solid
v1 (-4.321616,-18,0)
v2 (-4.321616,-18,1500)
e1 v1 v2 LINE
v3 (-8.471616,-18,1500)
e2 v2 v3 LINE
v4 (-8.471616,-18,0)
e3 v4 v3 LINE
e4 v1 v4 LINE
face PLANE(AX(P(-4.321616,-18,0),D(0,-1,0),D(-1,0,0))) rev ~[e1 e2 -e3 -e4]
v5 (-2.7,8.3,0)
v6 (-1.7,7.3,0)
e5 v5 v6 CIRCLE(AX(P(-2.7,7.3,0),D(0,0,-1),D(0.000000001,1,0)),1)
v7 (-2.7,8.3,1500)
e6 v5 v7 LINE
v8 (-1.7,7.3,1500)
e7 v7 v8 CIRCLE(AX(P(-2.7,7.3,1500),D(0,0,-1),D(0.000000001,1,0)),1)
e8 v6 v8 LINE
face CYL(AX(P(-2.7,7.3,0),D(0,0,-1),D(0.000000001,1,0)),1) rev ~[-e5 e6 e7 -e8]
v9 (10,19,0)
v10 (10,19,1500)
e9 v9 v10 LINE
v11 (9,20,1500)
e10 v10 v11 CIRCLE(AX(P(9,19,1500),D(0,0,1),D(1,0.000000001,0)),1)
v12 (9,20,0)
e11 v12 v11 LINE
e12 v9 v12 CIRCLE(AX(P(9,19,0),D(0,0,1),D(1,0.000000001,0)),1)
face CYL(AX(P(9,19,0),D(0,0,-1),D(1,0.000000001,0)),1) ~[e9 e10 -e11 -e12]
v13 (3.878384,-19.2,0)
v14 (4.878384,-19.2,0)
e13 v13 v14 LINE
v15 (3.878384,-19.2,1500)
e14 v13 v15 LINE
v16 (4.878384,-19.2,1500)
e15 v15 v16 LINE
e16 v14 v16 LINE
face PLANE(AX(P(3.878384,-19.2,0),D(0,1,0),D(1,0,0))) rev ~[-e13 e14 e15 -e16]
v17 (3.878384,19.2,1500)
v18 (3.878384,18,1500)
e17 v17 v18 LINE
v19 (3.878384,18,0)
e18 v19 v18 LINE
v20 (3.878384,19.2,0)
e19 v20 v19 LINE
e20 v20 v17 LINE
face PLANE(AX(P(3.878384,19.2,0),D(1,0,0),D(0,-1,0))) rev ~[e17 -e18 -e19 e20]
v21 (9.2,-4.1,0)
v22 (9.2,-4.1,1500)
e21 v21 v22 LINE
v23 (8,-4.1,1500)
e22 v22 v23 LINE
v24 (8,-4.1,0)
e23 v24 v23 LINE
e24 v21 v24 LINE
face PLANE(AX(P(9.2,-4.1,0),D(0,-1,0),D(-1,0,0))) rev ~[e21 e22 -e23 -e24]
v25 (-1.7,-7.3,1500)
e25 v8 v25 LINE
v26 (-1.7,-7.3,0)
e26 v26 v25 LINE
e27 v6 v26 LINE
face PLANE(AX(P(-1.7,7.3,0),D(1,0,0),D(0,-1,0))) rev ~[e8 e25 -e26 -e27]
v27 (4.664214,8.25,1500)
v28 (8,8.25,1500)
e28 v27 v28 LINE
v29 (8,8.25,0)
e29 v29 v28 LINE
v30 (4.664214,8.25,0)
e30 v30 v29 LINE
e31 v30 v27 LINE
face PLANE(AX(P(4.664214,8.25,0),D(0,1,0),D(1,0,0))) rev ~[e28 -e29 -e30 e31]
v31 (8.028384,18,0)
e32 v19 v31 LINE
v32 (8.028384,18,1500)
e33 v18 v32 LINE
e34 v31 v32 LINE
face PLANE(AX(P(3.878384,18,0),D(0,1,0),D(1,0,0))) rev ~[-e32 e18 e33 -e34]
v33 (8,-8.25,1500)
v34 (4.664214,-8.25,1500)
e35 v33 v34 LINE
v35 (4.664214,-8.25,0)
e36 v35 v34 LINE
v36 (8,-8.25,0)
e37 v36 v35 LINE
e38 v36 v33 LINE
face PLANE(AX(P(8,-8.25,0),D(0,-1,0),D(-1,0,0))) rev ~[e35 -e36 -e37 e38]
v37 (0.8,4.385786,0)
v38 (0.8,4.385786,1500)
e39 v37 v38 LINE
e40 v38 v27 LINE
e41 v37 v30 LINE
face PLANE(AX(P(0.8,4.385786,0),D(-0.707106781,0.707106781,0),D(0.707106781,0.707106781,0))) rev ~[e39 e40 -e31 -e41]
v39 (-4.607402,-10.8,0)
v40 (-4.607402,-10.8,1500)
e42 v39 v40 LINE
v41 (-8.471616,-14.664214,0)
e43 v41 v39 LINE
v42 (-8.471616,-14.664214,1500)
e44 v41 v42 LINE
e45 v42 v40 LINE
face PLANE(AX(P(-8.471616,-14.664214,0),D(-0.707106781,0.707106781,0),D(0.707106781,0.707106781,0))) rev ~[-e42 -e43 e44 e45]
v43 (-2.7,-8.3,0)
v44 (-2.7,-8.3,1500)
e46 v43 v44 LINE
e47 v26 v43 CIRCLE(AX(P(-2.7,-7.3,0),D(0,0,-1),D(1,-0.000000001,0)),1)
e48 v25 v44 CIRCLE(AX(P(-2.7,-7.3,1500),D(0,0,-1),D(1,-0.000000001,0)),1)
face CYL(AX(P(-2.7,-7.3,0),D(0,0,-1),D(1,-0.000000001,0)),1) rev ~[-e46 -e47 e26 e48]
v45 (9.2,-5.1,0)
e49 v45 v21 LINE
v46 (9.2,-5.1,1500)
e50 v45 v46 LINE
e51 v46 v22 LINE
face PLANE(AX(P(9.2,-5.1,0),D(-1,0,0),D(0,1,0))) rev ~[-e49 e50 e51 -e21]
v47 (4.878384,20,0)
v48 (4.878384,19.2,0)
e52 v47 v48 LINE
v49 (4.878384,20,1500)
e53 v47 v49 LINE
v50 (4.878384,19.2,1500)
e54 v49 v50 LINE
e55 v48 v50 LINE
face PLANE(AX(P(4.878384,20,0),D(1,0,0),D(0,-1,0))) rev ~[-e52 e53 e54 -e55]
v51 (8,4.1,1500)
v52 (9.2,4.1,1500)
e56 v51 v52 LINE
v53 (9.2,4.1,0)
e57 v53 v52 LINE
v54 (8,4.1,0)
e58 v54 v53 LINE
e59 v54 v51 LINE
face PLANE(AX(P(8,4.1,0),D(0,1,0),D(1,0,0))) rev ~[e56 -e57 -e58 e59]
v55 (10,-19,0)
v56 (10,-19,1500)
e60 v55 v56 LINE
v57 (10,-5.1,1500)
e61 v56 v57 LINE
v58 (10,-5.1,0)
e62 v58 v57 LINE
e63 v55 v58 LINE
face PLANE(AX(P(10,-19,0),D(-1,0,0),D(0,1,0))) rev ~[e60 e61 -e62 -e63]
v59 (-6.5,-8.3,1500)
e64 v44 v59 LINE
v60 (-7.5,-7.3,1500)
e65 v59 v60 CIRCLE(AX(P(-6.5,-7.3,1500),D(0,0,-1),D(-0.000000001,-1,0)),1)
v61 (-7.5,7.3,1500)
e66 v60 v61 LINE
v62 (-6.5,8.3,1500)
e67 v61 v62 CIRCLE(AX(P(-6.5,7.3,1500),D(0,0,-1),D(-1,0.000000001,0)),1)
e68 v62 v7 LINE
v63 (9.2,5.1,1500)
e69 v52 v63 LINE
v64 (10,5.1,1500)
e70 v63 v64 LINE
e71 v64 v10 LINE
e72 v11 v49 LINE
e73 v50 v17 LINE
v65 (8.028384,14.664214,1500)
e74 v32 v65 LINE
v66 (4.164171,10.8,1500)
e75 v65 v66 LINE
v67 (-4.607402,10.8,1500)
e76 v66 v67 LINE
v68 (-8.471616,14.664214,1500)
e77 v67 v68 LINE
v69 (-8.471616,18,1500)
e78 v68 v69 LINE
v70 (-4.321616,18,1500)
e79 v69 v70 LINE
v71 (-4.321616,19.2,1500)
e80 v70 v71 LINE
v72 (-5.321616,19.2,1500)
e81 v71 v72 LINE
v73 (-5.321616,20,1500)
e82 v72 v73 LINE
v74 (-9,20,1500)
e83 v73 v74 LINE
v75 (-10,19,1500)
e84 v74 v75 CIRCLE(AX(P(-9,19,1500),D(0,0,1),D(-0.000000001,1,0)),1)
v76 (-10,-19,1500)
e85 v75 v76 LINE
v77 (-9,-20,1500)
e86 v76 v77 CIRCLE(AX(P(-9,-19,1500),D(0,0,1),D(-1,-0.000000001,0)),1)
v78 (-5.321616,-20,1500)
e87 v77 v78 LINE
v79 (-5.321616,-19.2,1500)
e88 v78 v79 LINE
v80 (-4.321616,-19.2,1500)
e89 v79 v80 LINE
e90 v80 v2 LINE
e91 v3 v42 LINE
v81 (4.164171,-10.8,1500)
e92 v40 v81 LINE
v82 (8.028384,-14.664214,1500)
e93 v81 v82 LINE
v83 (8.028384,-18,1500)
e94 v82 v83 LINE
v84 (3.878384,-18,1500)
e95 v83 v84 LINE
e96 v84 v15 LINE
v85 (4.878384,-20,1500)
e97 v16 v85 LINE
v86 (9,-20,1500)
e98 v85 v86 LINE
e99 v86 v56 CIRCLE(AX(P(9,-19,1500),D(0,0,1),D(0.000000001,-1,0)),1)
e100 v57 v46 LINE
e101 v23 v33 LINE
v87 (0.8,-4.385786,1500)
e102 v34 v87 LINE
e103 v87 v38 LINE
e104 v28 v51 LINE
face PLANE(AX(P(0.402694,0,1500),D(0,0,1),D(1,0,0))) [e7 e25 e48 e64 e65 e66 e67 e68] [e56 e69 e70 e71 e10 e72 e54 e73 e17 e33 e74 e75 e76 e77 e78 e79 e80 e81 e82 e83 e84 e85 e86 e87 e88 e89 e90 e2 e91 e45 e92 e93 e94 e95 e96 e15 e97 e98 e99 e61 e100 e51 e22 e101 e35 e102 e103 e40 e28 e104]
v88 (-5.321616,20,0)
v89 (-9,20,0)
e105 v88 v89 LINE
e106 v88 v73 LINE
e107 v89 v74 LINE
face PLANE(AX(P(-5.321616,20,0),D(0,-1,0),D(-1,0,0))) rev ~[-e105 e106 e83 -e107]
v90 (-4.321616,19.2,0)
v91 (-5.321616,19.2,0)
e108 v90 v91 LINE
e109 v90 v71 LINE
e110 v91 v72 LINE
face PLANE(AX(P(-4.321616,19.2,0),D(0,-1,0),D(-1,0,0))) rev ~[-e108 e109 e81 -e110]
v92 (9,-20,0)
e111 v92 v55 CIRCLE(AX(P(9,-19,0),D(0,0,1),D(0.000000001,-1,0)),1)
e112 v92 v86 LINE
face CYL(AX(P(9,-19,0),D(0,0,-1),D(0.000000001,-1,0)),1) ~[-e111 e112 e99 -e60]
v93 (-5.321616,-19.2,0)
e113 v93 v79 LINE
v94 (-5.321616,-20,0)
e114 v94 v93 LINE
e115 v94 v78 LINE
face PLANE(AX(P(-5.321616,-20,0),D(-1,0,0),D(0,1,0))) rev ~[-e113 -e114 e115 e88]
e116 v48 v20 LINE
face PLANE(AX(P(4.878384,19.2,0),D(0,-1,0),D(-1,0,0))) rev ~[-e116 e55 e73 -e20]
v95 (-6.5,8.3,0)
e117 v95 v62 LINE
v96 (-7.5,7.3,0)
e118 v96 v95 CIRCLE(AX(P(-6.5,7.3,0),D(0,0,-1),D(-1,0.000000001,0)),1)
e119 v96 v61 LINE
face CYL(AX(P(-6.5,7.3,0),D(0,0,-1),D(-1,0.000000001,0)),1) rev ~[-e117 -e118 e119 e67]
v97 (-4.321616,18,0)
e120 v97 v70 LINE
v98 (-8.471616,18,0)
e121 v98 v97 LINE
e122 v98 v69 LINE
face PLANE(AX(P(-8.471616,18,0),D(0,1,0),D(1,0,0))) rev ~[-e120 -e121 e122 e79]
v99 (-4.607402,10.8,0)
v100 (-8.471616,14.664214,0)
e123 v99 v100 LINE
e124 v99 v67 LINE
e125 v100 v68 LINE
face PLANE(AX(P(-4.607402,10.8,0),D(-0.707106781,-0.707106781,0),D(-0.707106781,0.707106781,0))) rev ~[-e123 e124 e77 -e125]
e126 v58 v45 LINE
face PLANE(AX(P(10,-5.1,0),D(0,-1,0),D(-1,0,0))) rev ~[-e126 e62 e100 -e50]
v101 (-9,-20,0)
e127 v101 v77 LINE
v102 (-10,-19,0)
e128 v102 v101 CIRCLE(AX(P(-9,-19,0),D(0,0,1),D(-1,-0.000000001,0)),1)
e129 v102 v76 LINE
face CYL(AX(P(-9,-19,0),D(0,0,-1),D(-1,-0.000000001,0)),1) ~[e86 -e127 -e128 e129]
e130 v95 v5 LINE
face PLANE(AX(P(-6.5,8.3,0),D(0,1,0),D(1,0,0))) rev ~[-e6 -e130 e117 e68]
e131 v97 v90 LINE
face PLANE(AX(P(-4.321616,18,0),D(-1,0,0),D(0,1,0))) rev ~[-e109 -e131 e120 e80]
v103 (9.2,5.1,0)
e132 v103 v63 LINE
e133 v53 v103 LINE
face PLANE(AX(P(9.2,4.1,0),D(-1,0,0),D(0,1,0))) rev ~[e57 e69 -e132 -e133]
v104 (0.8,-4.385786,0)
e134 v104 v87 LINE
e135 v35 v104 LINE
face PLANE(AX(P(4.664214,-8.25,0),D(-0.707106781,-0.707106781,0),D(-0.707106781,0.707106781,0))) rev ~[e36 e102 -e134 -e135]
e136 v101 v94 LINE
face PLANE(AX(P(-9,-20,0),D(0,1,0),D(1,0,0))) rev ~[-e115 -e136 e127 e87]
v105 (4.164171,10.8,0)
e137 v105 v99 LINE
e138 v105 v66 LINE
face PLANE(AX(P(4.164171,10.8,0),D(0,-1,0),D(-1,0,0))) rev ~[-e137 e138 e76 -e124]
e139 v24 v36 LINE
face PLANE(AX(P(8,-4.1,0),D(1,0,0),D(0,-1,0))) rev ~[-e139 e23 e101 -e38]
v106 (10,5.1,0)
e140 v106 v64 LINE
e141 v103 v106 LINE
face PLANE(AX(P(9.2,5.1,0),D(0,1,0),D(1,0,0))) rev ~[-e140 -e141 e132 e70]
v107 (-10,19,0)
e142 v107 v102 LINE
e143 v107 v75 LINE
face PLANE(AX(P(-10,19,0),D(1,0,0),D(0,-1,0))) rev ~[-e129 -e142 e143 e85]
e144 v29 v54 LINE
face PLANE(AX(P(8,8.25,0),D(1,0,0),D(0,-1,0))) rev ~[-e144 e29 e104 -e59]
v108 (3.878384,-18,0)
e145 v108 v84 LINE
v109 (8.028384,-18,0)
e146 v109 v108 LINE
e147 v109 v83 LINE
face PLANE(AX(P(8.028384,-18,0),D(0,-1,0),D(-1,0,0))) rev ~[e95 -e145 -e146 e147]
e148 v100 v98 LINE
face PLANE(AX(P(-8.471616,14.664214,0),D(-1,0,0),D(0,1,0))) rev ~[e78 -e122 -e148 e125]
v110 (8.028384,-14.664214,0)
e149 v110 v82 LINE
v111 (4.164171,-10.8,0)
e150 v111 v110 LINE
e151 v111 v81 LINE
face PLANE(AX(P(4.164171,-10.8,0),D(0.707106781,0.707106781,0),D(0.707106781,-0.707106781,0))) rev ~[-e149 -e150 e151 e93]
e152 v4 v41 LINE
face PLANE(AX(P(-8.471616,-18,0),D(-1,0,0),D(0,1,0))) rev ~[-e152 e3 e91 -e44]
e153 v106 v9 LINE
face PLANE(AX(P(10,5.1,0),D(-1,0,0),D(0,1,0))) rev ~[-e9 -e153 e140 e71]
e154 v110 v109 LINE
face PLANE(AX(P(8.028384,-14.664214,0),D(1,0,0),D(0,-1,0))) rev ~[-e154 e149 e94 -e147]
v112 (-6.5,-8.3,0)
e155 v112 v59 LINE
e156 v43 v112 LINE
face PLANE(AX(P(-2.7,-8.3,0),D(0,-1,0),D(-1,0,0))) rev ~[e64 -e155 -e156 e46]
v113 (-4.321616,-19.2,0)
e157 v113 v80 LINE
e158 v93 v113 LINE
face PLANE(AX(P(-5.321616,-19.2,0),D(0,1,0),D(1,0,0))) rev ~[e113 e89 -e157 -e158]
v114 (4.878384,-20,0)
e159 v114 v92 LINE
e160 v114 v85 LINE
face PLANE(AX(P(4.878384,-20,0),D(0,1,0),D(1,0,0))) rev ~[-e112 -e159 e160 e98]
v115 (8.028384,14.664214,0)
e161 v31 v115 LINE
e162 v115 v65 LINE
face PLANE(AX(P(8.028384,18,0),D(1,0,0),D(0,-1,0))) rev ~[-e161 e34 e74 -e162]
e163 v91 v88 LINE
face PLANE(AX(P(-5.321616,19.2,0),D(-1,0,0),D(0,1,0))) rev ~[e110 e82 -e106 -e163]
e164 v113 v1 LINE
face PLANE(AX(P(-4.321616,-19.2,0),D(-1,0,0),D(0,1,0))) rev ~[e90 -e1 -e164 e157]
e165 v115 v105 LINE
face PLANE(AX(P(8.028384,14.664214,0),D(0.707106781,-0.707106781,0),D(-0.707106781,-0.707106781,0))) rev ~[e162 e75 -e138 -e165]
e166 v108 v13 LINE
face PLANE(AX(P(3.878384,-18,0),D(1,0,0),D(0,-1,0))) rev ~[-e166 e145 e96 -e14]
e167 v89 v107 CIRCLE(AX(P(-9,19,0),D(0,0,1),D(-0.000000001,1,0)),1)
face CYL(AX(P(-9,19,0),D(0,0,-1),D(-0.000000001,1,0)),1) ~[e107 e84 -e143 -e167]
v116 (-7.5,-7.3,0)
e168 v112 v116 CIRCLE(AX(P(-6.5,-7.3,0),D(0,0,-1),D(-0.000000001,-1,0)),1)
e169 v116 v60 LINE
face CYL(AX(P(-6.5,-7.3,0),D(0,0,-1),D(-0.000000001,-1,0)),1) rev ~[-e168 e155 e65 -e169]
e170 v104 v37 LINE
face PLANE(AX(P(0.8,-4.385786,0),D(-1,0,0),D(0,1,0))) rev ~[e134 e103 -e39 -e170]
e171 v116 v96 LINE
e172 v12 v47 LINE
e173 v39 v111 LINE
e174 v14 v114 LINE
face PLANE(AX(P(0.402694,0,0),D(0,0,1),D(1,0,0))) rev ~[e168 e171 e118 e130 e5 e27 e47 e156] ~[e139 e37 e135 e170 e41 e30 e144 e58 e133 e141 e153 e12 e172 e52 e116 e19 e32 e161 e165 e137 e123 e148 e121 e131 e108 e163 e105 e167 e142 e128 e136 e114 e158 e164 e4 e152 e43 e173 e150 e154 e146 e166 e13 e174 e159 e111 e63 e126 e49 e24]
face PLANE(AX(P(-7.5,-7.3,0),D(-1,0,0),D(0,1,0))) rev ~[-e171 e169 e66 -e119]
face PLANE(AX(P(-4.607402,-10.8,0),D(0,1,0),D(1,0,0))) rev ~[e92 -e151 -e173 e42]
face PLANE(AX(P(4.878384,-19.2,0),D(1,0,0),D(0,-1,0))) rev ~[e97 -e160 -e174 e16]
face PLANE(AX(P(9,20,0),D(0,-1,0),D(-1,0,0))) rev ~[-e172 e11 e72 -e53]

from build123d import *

# Parameters (mm, degrees)
EXTRUDE_3_DEPTH = 1500


with BuildPart() as part:
    # 草图30 → 凸台-拉伸3 (new body)
    with BuildSketch(Plane.XY):
        with BuildLine():
            Line((0.8, 4.385786438), (4.664213562, 8.25))
            Line((4.664213562, 8.25), (8, 8.25))
            Line((8, 8.25), (8, 4.1))
            Line((8, 4.1), (9.2, 4.1))
            Line((9.2, 4.1), (9.2, 5.1))
            Line((9.2, 5.1), (10, 5.1))
            Line((10, 5.1), (10, 19))
            ThreePointArc((10, 19), (9.707106781, 19.707106781), (9, 20))
            Line((9, 20), (4.878384215, 20))
            Line((4.878384215, 20), (4.878384215, 19.2))
            Line((4.878384215, 19.2), (3.878384215, 19.2))
            Line((3.878384215, 19.2), (3.878384215, 18))
            Line((3.878384215, 18), (8.028384215, 18))
            Line((8.028384215, 18), (8.028384215, 14.664213562))
            Line((8.028384215, 14.664213562), (4.164170652, 10.8))
            Line((4.164170652, 10.8), (-4.607402223, 10.8))
            Line((-4.607402223, 10.8), (-8.471615785, 14.664213562))
            Line((-8.471615785, 14.664213562), (-8.471615785, 18))
            Line((-8.471615785, 18), (-4.321615785, 18))
            Line((-4.321615785, 18), (-4.321615785, 19.2))
            Line((-4.321615785, 19.2), (-5.321615785, 19.2))
            Line((-5.321615785, 19.2), (-5.321615785, 20))
            Line((-5.321615785, 20), (-9, 20))
            ThreePointArc((-9, 20), (-9.707106781, 19.707106781), (-10, 19))
            Line((-10, 19), (-10, -19))
            ThreePointArc((-10, -19), (-9.707106781, -19.707106781), (-9, -20))
            Line((-9, -20), (-5.321615785, -20))
            Line((-5.321615785, -20), (-5.321615785, -19.2))
            Line((-5.321615785, -19.2), (-4.321615785, -19.2))
            Line((-4.321615785, -19.2), (-4.321615785, -18))
            Line((-4.321615785, -18), (-8.471615785, -18))
            Line((-8.471615785, -18), (-8.471615785, -14.664213562))
            Line((-8.471615785, -14.664213562), (-4.607402223, -10.8))
            Line((-4.607402223, -10.8), (4.164170652, -10.8))
            Line((4.164170652, -10.8), (8.028384215, -14.664213562))
            Line((8.028384215, -14.664213562), (8.028384215, -18))
            Line((8.028384215, -18), (3.878384215, -18))
            Line((3.878384215, -18), (3.878384215, -19.2))
            Line((3.878384215, -19.2), (4.878384215, -19.2))
            Line((4.878384215, -19.2), (4.878384215, -20))
            Line((4.878384215, -20), (9, -20))
            ThreePointArc((9, -20), (9.707106781, -19.707106781), (10, -19))
            Line((10, -19), (10, -5.1))
            Line((10, -5.1), (9.2, -5.1))
            Line((9.2, -5.1), (9.2, -4.1))
            Line((9.2, -4.1), (8, -4.1))
            Line((8, -4.1), (8, -8.25))
            Line((8, -8.25), (4.664213562, -8.25))
            Line((4.664213562, -8.25), (0.8, -4.385786438))
            Line((0.8, -4.385786438), (0.8, 4.385786438))
        make_face()
        with BuildLine():
            Line((-1.7, 7.3), (-1.7, -7.3))
            ThreePointArc((-1.7, -7.3), (-1.992893219, -8.007106781), (-2.7, -8.3))
            Line((-2.7, -8.3), (-6.5, -8.3))
            ThreePointArc((-6.5, -8.3), (-7.207106781, -8.007106781), (-7.5, -7.3))
            Line((-7.5, -7.3), (-7.5, 7.3))
            ThreePointArc((-7.5, 7.3), (-7.207106781, 8.007106781), (-6.5, 8.3))
            Line((-6.5, 8.3), (-2.7, 8.3))
            ThreePointArc((-2.7, 8.3), (-1.992893219, 8.007106781), (-1.7, 7.3))
        make_face(mode=Mode.SUBTRACT)
    extrude(amount=EXTRUDE_3_DEPTH)


solid = part.part
